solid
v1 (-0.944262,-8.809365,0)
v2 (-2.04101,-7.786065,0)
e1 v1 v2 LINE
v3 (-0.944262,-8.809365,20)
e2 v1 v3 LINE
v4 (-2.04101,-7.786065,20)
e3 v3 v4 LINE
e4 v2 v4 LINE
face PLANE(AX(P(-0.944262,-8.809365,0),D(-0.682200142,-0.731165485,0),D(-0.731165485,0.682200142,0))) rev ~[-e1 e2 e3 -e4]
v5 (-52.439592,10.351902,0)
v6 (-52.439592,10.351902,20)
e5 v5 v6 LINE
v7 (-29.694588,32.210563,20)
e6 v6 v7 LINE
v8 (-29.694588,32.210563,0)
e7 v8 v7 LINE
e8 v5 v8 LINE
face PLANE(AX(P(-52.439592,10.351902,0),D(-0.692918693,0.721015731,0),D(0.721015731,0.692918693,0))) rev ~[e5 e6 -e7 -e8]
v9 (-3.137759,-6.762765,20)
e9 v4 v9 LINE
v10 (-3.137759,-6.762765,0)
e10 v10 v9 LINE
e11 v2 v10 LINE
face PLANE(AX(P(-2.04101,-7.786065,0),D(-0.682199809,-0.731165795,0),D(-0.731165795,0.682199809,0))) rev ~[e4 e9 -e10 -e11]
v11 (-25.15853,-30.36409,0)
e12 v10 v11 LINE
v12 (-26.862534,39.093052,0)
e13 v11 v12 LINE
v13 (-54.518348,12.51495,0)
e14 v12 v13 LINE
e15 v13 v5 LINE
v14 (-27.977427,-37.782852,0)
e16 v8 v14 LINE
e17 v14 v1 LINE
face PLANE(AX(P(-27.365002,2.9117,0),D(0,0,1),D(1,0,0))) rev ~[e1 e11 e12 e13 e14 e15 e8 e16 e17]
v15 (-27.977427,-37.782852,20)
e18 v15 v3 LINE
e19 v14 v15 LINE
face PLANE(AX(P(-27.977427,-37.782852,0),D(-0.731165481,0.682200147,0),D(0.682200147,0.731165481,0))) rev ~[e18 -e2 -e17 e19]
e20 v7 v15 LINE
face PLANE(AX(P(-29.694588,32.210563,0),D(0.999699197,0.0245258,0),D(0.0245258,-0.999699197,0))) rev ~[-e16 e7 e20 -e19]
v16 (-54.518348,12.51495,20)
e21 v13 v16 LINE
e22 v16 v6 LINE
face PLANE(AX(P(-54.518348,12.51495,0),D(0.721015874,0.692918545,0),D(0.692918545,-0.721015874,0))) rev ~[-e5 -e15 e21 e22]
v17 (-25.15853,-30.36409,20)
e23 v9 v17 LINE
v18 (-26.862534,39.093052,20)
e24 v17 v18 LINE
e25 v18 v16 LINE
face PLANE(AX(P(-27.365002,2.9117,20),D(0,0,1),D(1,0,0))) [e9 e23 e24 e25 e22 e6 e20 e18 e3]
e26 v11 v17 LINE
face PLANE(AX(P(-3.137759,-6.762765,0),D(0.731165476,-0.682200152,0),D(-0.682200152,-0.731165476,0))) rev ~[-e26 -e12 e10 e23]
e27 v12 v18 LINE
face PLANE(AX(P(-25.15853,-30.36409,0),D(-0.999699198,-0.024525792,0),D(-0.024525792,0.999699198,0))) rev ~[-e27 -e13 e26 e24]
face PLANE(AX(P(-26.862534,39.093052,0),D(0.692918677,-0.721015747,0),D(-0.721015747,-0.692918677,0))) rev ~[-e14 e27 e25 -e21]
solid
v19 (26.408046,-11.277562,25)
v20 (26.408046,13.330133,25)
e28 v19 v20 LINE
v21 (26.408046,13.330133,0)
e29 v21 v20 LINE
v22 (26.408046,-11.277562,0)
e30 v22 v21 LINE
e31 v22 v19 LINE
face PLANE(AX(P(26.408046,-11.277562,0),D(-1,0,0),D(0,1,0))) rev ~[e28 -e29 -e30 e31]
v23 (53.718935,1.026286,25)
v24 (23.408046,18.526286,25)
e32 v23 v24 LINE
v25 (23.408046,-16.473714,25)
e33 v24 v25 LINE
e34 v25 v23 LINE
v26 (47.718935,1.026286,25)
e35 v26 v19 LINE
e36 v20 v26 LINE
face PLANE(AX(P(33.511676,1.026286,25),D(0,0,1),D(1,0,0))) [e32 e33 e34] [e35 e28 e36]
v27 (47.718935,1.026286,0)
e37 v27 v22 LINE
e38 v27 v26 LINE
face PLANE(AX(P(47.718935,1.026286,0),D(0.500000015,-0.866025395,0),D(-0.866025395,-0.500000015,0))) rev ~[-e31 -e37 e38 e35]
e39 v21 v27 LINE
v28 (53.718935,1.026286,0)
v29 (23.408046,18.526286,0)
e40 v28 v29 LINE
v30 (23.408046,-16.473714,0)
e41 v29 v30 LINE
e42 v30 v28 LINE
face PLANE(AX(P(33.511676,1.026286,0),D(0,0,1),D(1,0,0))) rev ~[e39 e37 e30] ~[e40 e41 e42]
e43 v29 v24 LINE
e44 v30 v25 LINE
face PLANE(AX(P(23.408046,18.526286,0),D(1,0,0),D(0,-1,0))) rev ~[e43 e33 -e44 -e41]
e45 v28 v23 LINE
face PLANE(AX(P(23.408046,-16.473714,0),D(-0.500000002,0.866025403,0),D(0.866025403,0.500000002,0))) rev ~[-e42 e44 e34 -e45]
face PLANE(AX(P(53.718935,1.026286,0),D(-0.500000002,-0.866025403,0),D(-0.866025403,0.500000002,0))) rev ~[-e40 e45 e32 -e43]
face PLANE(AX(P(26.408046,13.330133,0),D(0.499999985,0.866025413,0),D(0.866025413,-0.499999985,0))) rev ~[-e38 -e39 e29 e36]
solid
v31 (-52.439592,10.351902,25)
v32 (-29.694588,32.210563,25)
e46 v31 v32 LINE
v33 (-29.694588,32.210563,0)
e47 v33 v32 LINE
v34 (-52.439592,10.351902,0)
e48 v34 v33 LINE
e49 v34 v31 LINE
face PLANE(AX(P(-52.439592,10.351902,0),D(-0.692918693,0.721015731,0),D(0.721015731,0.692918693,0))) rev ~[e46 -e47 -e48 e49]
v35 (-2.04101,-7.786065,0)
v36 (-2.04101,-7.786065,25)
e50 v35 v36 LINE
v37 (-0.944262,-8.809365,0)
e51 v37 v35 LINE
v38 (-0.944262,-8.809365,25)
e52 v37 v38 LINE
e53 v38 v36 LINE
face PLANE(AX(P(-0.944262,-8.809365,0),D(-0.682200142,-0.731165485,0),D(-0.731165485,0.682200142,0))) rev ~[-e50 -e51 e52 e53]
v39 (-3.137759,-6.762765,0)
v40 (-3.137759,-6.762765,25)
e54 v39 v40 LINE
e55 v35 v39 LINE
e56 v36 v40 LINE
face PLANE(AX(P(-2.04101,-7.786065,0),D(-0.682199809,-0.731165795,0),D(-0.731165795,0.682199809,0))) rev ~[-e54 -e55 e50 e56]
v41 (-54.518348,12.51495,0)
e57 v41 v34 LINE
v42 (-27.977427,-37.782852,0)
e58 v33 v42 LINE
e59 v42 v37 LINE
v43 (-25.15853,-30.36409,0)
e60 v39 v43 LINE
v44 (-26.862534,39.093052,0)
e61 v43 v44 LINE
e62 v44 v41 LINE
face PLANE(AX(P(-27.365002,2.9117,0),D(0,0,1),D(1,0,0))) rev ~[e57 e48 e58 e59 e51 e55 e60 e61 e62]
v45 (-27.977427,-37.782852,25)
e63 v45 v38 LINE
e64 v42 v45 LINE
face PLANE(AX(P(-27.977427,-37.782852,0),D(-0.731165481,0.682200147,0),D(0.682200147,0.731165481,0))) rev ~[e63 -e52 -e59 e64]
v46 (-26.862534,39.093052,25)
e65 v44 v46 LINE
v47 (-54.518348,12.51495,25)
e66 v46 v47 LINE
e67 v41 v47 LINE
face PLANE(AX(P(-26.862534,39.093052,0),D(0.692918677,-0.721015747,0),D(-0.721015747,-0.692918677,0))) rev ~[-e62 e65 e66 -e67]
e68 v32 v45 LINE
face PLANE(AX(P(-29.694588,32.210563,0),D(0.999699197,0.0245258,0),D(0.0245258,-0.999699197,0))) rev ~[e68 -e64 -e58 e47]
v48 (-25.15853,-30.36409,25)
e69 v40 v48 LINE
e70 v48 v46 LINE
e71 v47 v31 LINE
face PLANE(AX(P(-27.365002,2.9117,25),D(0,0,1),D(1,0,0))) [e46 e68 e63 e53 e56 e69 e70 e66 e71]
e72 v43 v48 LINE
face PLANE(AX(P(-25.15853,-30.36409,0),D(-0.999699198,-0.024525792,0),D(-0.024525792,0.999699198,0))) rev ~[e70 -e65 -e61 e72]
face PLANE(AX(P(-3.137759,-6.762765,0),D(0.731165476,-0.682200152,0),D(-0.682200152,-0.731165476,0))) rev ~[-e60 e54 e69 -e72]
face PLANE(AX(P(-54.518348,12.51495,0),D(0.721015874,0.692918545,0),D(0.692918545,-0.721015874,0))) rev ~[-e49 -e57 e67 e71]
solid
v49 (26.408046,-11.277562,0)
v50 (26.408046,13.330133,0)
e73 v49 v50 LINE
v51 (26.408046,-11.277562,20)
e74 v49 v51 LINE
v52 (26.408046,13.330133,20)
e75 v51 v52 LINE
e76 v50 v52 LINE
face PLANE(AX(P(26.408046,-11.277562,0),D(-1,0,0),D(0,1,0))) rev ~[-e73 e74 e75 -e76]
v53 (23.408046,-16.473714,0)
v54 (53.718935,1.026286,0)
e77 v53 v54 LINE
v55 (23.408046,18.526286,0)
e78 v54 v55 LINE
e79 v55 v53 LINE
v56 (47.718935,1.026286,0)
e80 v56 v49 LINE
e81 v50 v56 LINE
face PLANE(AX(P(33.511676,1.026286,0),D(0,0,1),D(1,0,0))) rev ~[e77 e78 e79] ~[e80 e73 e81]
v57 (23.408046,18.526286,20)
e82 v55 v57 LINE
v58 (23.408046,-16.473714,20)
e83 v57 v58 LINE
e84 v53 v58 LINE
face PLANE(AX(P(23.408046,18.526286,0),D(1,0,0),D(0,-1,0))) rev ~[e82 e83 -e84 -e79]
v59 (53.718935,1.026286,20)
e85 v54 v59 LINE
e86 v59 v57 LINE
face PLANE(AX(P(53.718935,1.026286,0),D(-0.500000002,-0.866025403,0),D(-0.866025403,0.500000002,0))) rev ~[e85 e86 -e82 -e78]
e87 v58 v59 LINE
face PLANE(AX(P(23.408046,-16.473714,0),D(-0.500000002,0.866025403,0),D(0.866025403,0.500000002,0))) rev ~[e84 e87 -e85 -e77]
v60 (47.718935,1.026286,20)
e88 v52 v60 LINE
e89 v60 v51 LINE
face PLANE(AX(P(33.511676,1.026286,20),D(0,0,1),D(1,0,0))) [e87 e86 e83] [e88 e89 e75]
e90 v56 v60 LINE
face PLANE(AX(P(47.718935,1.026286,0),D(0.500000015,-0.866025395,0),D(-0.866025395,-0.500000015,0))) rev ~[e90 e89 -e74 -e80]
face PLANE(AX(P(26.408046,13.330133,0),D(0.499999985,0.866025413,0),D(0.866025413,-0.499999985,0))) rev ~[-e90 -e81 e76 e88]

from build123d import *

# Parameters (mm, degrees)
F1_DEPTH = 20
F2_DEPTH = 25


with BuildPart() as f1:
    # F0 (on Top) → F1 (new body)
    with BuildSketch(Plane.XY):
        Polygon((23.408046, -16.473714), (53.718935, 1.026286), (23.408046, 18.526286), align=None)
        Polygon((47.718935, 1.026286), (26.408046, -11.277562), (26.408046, 13.330133), align=None, mode=Mode.SUBTRACT)
        Polygon((-54.518348, 12.51495), (-53.47897, 11.433426), (-28.278561, 35.651808), (-26.567978, -34.073471), (-2.04101, -7.786065), (-3.137759, -6.762765), (-25.15853, -30.36409), (-26.862534, 39.093052), align=None)
        Polygon((-28.278561, 35.651808), (-53.47897, 11.433426), (-52.439592, 10.351902), (-29.694588, 32.210563), (-27.977427, -37.782852), (-0.944262, -8.809365), (-2.04101, -7.786065), (-26.567978, -34.073471), align=None)
    extrude(amount=F1_DEPTH)


with BuildPart() as f2:
    # F0 (on Top) → F2 (new body)
    with BuildSketch(Plane.XY):
        Polygon((23.408046, -16.473714), (53.718935, 1.026286), (23.408046, 18.526286), align=None)
        Polygon((47.718935, 1.026286), (26.408046, -11.277562), (26.408046, 13.330133), align=None, mode=Mode.SUBTRACT)
        Polygon((-54.518348, 12.51495), (-53.47897, 11.433426), (-28.278561, 35.651808), (-26.567978, -34.073471), (-2.04101, -7.786065), (-3.137759, -6.762765), (-25.15853, -30.36409), (-26.862534, 39.093052), align=None)
        Polygon((-28.278561, 35.651808), (-53.47897, 11.433426), (-52.439592, 10.351902), (-29.694588, 32.210563), (-27.977427, -37.782852), (-0.944262, -8.809365), (-2.04101, -7.786065), (-26.567978, -34.073471), align=None)
    extrude(amount=F2_DEPTH)


solid = Compound([f1.part, f2.part])
